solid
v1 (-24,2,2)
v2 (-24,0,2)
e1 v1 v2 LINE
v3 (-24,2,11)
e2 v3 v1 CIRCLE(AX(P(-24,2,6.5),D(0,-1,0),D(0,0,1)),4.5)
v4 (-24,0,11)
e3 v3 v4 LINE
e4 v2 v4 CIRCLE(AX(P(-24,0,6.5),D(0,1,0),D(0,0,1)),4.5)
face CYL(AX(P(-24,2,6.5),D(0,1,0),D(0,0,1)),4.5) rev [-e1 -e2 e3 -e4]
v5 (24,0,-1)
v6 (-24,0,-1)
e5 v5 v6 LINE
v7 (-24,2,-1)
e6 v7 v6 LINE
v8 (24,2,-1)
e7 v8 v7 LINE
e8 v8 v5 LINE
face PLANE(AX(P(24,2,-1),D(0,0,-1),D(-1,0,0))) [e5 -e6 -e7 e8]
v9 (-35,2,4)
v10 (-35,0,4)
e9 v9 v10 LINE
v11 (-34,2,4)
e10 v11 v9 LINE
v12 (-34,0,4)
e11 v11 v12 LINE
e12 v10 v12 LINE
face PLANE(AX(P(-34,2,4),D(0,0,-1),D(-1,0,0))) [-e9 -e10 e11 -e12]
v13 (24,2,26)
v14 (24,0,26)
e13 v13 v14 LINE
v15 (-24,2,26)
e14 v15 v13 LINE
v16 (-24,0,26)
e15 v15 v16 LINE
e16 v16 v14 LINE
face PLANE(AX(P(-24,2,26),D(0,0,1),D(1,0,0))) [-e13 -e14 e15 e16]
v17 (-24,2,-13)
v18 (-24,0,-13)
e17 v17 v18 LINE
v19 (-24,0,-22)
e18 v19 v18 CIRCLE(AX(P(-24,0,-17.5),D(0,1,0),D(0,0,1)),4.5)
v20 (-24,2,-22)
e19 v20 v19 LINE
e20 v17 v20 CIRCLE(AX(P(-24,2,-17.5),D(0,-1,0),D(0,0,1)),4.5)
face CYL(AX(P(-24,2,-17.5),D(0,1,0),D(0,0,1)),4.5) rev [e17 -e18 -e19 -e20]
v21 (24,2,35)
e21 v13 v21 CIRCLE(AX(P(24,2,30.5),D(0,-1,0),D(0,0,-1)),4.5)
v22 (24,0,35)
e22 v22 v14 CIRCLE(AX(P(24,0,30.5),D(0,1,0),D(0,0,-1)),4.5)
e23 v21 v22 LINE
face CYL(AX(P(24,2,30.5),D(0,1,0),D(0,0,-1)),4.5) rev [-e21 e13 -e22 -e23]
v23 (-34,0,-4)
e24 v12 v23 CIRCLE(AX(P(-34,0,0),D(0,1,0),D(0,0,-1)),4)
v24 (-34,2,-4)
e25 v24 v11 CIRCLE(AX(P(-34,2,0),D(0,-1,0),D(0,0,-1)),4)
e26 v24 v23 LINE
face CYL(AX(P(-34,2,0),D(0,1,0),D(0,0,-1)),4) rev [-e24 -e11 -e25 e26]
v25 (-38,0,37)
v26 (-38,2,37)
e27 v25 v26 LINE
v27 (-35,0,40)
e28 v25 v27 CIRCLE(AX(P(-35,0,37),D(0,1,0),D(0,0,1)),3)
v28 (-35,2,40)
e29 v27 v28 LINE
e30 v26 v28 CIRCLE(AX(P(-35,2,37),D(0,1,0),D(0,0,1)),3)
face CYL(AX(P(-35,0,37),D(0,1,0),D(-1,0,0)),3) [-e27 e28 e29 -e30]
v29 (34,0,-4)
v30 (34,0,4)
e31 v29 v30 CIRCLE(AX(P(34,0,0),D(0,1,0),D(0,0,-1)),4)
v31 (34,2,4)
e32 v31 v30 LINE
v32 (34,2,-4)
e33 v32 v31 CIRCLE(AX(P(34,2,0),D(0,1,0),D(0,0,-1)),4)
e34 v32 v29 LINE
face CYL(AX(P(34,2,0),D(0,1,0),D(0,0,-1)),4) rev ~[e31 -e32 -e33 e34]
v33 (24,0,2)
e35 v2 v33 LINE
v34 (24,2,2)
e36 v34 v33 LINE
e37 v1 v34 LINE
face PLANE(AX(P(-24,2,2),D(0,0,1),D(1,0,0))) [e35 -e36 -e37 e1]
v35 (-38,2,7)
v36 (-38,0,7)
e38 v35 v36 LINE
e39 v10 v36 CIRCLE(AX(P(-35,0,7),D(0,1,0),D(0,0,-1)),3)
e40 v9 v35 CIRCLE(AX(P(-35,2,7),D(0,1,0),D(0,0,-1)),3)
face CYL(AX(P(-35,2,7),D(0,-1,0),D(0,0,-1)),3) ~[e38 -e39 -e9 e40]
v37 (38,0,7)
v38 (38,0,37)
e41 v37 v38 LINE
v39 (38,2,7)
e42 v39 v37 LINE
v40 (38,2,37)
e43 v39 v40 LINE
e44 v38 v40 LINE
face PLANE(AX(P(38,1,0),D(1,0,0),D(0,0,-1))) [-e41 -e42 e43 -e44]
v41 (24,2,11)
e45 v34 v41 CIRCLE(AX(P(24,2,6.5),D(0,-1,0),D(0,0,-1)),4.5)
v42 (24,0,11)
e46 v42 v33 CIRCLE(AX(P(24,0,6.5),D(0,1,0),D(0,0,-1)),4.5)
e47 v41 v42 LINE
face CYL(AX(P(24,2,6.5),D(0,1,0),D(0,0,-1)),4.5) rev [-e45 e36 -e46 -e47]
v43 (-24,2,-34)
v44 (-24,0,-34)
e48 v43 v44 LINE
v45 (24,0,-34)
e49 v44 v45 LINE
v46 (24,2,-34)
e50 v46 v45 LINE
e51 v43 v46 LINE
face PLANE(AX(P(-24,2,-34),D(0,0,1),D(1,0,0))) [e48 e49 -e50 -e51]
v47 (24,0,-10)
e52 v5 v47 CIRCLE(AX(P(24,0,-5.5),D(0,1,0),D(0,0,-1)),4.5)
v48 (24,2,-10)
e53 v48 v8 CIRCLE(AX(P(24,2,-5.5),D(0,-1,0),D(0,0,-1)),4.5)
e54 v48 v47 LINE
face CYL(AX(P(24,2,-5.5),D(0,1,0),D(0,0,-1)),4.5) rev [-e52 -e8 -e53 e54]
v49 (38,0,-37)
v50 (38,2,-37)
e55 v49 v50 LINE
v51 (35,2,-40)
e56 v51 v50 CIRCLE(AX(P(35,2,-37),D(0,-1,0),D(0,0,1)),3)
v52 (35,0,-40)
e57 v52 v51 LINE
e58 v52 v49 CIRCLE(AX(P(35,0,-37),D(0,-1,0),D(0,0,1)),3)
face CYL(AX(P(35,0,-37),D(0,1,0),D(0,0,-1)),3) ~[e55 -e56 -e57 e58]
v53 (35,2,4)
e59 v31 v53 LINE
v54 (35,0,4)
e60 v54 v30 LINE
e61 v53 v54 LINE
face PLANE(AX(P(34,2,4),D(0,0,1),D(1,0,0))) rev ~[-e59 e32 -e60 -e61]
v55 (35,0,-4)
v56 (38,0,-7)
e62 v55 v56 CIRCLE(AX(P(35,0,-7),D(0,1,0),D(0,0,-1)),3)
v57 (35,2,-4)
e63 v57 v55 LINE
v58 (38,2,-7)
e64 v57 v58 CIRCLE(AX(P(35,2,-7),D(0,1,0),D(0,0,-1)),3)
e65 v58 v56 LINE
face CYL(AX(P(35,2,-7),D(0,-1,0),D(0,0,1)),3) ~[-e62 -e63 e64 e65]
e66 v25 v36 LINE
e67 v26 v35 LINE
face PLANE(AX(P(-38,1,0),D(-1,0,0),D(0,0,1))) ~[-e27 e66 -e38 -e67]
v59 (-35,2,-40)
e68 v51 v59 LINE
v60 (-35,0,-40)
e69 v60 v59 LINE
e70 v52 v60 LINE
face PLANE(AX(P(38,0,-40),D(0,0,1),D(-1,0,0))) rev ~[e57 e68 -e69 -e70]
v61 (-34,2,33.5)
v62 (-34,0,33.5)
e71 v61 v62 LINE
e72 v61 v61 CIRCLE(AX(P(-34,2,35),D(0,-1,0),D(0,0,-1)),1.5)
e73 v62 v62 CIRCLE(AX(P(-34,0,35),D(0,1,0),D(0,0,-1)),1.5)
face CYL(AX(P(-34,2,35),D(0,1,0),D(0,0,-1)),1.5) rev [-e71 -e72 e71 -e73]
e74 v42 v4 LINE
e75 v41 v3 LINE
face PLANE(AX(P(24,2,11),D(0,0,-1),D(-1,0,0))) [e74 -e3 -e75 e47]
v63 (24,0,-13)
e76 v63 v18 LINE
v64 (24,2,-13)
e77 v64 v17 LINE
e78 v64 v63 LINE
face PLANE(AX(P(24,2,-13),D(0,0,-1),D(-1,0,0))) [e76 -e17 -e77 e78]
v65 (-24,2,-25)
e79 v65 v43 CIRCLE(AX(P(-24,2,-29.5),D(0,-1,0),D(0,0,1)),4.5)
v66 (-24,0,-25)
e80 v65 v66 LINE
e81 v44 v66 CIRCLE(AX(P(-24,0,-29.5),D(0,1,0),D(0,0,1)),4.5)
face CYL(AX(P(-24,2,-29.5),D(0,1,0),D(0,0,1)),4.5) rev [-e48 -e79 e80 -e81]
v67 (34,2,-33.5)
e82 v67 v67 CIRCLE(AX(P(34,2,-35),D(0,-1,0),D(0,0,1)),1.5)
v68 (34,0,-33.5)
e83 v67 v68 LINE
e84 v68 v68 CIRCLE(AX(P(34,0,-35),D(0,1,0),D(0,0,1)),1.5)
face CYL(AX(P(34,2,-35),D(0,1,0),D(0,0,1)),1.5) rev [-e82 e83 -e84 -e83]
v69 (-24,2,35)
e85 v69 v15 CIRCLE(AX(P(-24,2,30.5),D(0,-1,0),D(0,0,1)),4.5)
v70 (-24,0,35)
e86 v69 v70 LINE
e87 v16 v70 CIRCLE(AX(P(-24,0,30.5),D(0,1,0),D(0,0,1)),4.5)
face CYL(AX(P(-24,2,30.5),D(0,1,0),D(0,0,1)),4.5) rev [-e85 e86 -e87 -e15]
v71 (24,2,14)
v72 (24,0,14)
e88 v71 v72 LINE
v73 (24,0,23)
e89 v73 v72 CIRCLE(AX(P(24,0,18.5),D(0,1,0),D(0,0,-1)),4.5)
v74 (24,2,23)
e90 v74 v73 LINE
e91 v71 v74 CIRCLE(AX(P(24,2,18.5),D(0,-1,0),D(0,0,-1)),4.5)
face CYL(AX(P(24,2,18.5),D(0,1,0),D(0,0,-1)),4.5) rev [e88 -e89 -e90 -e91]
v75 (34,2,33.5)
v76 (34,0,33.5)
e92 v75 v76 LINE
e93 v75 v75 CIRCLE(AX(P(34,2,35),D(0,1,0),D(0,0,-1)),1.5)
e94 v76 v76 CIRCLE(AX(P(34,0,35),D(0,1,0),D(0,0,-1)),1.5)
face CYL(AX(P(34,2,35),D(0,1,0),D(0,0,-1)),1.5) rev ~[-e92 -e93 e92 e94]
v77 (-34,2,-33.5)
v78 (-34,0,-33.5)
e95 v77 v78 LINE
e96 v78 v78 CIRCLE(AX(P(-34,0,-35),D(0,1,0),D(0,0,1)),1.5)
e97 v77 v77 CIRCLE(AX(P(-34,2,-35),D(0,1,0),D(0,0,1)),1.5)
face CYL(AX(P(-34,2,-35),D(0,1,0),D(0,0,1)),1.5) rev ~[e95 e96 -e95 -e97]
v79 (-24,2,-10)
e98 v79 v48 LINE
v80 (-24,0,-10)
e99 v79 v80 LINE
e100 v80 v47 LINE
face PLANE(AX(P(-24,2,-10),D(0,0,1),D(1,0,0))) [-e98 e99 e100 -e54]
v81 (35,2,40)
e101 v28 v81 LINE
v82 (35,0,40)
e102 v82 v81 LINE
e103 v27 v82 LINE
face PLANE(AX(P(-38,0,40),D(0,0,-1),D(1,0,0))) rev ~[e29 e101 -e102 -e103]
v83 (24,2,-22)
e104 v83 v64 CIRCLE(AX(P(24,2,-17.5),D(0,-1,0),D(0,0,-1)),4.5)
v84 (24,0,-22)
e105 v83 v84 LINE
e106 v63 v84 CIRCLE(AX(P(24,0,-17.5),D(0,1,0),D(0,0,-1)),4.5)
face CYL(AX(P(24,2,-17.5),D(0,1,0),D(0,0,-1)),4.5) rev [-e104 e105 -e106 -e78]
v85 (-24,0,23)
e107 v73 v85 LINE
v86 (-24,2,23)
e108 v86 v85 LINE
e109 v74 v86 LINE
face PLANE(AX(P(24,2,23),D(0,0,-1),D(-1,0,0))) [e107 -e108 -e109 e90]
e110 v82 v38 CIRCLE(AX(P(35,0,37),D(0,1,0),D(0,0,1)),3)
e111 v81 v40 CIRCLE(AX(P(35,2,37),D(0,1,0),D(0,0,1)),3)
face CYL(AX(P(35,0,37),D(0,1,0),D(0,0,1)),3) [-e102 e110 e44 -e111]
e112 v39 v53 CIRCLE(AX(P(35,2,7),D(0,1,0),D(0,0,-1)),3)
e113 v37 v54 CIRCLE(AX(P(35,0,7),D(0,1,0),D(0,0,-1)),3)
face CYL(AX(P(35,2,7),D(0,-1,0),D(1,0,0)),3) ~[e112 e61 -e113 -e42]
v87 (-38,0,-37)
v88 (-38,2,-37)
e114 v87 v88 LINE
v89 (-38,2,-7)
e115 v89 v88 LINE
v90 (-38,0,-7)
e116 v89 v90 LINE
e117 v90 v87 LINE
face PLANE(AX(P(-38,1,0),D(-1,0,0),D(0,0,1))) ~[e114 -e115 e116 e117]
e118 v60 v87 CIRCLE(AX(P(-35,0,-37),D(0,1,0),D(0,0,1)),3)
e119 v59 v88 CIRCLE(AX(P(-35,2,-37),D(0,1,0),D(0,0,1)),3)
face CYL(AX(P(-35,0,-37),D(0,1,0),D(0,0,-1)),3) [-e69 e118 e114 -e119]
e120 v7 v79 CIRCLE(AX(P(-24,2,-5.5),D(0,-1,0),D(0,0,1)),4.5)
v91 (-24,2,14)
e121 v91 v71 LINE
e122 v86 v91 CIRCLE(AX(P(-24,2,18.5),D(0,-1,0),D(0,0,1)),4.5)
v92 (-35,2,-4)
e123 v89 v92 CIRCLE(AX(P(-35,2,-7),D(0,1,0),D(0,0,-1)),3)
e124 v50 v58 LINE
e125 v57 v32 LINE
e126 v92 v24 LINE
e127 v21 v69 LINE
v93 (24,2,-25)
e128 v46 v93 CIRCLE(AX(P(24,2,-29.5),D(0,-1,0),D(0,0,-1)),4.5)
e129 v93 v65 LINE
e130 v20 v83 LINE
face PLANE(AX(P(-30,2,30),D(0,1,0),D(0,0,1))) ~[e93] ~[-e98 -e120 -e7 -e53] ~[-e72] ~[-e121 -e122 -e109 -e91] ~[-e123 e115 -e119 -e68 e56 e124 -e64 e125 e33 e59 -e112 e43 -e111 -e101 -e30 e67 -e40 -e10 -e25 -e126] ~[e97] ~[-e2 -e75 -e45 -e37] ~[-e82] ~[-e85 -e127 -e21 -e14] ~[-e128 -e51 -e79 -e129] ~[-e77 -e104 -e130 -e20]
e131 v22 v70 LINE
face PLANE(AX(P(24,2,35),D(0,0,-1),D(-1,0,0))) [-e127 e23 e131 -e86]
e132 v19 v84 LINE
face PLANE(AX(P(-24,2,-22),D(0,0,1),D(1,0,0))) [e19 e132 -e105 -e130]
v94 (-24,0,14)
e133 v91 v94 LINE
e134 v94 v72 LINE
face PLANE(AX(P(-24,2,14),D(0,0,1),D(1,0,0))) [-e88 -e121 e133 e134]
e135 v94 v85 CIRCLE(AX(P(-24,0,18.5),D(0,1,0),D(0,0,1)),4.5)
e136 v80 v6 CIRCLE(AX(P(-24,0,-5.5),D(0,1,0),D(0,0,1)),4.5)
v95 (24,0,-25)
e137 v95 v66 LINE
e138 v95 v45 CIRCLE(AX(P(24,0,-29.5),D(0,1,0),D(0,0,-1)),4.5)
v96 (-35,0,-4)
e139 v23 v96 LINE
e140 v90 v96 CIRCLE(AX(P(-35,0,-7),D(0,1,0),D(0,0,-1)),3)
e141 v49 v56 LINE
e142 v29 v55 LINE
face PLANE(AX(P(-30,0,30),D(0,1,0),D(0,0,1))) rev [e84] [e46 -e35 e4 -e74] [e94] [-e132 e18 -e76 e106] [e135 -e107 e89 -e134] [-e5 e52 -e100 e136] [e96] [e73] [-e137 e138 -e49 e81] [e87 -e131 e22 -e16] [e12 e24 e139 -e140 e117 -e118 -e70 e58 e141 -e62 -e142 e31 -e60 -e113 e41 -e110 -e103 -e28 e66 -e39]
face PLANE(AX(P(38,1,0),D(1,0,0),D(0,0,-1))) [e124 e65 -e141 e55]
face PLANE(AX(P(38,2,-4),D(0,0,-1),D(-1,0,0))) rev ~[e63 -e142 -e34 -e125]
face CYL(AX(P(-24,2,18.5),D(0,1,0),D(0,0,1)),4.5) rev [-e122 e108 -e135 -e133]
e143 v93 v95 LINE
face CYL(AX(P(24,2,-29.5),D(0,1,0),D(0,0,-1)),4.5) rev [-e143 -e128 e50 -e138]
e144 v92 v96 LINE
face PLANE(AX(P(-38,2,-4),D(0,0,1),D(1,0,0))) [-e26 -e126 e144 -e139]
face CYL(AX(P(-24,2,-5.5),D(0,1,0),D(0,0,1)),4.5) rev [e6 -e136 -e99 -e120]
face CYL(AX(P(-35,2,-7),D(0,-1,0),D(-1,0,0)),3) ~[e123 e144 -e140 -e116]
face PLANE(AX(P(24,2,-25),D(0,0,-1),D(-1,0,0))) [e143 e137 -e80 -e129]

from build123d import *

# Parameters (mm, degrees)
EXTRUDE_1_DEPTH          = 2
SKETCH_2_R               = 1.5
CUT_EXTRUDE_1_DEPTH      = 56.208694967
MIRROR_2_COPY_1_SKETCH_R = 1.5
MIRROR_2_COPY_1_DEPTH    = 56.208694967
CUT_EXTRUDE_2_DEPTH      = 56.208694967
PATTERN_LINEAR_1_COUNT   = 6
PATTERN_LINEAR_1_PITCH   = 12
SKETCH_4_W               = 60
SKETCH_4_H               = 2
EXTRUDE_2_DEPTH          = 8
CUT_EXTRUDE_3_DEPTH      = 56.208694967
FILLET_1_R               = 3


with BuildPart() as part:
    # 草图1 → 凸台-拉伸1 (new body)
    with BuildSketch(Plane(origin=(0, 0, 0), x_dir=(1, 0, 0), z_dir=(0, 1, 0))):
        Polygon((-38, -30), (-38, -40), (38, -40), (38, -30), (30, -30), (30, 30), (38, 30), (38, 40), (-38, 40), (-38, 30), (-30, 30), (-30, -30), align=None)
    extrude(amount=EXTRUDE_1_DEPTH)

    # 草图2 → 切除-拉伸1 (cut, through all)
    with BuildSketch(Plane(origin=(0, 2, 0), x_dir=(1, 0, 0), z_dir=(0, 1, 0))):
        with Locations(Location((-34, 35, 0), (0, 0, 270))):
            Circle(SKETCH_2_R)
    cut_extrude_1 = extrude(amount=-CUT_EXTRUDE_1_DEPTH, mode=Mode.SUBTRACT)

    # 镜向1: 切除-拉伸1 across plane
    add(cut_extrude_1.mirror(Plane(origin=(0, 0, 0), x_dir=(0, 0, 1), z_dir=(1, 0, 0))), mode=Mode.SUBTRACT)

    # 镜向2: 切除-拉伸1 across plane
    add(cut_extrude_1.mirror(Plane.XY), mode=Mode.SUBTRACT)

    # 镜向2 copy 1 sketch → 镜向2 copy 1 (cut, through all)
    with BuildSketch(Plane(origin=(0, 2, 0), x_dir=(-1, 0, 0), z_dir=(0, 1, 0))):
        with Locations(Location((-34, 35, 0), (0, 0, 270))):
            Circle(MIRROR_2_COPY_1_SKETCH_R)
    extrude(amount=-MIRROR_2_COPY_1_DEPTH, mode=Mode.SUBTRACT)

    # 草图3 → 切除-拉伸2 (cut, through all)
    with BuildSketch(Plane(origin=(0, 2, 0), x_dir=(1, 0, 0), z_dir=(0, 1, 0))):
        with BuildLine():
            Line((-24, 34), (24, 34))
            ThreePointArc((24, 34), (28.5, 29.5), (24, 25))
            Line((24, 25), (-24, 25))
            ThreePointArc((-24, 25), (-28.5, 29.5), (-24, 34))
        make_face()
    cut_extrude_2 = extrude(amount=-CUT_EXTRUDE_2_DEPTH, mode=Mode.SUBTRACT)

    # 阵列(线性)1: 切除-拉伸2 ×6
    with Locations(*[(0, 0, i * PATTERN_LINEAR_1_PITCH) for i in range(1, PATTERN_LINEAR_1_COUNT)]):
        add(cut_extrude_2, mode=Mode.SUBTRACT)

    # 草图4 → 凸台-拉伸2 (add)
    with BuildSketch(Plane(origin=(30, 0, 0), x_dir=(0, 0, -1), z_dir=(1, 0, 0))):
        with Locations((0, 1)):
            Rectangle(SKETCH_4_W, SKETCH_4_H)
    extrude_2 = extrude(amount=EXTRUDE_2_DEPTH)

    # 镜向3: 凸台-拉伸2 across plane
    add(extrude_2.mirror(Plane(origin=(0, 0, 0), x_dir=(0, 0, 1), z_dir=(1, 0, 0))))

    # 草图6 → 切除-拉伸3 (cut, through all)
    with BuildSketch(Plane(origin=(0, 2, 0), x_dir=(1, 0, 0), z_dir=(0, 1, 0))):
        with BuildLine():
            Line((-38, 4), (-34, 4))
            ThreePointArc((-34, 4), (-30, 0), (-34, -4))
            Line((-34, -4), (-38, -4))
            Line((-38, -4), (-38, 4))
        make_face()
        with BuildLine():
            Line((38, -4), (38, 4))
            Line((38, 4), (34, 4))
            ThreePointArc((34, 4), (30, 0), (34, -4))
            Line((34, -4), (38, -4))
        make_face()
    extrude(amount=-CUT_EXTRUDE_3_DEPTH, mode=Mode.SUBTRACT)

    # 圆角1
    fillet_1_edges = [part.edges().sort_by_distance(p)[0] for p in [
        (-38, 1, 4),
        (-38, 1, -4),
        (38, 1, -4),
        (38, 1, 4),
        (38, 1, 40),
        (-38, 1, 40),
        (-38, 1, -40),
        (38, 1, -40),
    ]]
    fillet(fillet_1_edges, radius=FILLET_1_R)


solid = part.part
